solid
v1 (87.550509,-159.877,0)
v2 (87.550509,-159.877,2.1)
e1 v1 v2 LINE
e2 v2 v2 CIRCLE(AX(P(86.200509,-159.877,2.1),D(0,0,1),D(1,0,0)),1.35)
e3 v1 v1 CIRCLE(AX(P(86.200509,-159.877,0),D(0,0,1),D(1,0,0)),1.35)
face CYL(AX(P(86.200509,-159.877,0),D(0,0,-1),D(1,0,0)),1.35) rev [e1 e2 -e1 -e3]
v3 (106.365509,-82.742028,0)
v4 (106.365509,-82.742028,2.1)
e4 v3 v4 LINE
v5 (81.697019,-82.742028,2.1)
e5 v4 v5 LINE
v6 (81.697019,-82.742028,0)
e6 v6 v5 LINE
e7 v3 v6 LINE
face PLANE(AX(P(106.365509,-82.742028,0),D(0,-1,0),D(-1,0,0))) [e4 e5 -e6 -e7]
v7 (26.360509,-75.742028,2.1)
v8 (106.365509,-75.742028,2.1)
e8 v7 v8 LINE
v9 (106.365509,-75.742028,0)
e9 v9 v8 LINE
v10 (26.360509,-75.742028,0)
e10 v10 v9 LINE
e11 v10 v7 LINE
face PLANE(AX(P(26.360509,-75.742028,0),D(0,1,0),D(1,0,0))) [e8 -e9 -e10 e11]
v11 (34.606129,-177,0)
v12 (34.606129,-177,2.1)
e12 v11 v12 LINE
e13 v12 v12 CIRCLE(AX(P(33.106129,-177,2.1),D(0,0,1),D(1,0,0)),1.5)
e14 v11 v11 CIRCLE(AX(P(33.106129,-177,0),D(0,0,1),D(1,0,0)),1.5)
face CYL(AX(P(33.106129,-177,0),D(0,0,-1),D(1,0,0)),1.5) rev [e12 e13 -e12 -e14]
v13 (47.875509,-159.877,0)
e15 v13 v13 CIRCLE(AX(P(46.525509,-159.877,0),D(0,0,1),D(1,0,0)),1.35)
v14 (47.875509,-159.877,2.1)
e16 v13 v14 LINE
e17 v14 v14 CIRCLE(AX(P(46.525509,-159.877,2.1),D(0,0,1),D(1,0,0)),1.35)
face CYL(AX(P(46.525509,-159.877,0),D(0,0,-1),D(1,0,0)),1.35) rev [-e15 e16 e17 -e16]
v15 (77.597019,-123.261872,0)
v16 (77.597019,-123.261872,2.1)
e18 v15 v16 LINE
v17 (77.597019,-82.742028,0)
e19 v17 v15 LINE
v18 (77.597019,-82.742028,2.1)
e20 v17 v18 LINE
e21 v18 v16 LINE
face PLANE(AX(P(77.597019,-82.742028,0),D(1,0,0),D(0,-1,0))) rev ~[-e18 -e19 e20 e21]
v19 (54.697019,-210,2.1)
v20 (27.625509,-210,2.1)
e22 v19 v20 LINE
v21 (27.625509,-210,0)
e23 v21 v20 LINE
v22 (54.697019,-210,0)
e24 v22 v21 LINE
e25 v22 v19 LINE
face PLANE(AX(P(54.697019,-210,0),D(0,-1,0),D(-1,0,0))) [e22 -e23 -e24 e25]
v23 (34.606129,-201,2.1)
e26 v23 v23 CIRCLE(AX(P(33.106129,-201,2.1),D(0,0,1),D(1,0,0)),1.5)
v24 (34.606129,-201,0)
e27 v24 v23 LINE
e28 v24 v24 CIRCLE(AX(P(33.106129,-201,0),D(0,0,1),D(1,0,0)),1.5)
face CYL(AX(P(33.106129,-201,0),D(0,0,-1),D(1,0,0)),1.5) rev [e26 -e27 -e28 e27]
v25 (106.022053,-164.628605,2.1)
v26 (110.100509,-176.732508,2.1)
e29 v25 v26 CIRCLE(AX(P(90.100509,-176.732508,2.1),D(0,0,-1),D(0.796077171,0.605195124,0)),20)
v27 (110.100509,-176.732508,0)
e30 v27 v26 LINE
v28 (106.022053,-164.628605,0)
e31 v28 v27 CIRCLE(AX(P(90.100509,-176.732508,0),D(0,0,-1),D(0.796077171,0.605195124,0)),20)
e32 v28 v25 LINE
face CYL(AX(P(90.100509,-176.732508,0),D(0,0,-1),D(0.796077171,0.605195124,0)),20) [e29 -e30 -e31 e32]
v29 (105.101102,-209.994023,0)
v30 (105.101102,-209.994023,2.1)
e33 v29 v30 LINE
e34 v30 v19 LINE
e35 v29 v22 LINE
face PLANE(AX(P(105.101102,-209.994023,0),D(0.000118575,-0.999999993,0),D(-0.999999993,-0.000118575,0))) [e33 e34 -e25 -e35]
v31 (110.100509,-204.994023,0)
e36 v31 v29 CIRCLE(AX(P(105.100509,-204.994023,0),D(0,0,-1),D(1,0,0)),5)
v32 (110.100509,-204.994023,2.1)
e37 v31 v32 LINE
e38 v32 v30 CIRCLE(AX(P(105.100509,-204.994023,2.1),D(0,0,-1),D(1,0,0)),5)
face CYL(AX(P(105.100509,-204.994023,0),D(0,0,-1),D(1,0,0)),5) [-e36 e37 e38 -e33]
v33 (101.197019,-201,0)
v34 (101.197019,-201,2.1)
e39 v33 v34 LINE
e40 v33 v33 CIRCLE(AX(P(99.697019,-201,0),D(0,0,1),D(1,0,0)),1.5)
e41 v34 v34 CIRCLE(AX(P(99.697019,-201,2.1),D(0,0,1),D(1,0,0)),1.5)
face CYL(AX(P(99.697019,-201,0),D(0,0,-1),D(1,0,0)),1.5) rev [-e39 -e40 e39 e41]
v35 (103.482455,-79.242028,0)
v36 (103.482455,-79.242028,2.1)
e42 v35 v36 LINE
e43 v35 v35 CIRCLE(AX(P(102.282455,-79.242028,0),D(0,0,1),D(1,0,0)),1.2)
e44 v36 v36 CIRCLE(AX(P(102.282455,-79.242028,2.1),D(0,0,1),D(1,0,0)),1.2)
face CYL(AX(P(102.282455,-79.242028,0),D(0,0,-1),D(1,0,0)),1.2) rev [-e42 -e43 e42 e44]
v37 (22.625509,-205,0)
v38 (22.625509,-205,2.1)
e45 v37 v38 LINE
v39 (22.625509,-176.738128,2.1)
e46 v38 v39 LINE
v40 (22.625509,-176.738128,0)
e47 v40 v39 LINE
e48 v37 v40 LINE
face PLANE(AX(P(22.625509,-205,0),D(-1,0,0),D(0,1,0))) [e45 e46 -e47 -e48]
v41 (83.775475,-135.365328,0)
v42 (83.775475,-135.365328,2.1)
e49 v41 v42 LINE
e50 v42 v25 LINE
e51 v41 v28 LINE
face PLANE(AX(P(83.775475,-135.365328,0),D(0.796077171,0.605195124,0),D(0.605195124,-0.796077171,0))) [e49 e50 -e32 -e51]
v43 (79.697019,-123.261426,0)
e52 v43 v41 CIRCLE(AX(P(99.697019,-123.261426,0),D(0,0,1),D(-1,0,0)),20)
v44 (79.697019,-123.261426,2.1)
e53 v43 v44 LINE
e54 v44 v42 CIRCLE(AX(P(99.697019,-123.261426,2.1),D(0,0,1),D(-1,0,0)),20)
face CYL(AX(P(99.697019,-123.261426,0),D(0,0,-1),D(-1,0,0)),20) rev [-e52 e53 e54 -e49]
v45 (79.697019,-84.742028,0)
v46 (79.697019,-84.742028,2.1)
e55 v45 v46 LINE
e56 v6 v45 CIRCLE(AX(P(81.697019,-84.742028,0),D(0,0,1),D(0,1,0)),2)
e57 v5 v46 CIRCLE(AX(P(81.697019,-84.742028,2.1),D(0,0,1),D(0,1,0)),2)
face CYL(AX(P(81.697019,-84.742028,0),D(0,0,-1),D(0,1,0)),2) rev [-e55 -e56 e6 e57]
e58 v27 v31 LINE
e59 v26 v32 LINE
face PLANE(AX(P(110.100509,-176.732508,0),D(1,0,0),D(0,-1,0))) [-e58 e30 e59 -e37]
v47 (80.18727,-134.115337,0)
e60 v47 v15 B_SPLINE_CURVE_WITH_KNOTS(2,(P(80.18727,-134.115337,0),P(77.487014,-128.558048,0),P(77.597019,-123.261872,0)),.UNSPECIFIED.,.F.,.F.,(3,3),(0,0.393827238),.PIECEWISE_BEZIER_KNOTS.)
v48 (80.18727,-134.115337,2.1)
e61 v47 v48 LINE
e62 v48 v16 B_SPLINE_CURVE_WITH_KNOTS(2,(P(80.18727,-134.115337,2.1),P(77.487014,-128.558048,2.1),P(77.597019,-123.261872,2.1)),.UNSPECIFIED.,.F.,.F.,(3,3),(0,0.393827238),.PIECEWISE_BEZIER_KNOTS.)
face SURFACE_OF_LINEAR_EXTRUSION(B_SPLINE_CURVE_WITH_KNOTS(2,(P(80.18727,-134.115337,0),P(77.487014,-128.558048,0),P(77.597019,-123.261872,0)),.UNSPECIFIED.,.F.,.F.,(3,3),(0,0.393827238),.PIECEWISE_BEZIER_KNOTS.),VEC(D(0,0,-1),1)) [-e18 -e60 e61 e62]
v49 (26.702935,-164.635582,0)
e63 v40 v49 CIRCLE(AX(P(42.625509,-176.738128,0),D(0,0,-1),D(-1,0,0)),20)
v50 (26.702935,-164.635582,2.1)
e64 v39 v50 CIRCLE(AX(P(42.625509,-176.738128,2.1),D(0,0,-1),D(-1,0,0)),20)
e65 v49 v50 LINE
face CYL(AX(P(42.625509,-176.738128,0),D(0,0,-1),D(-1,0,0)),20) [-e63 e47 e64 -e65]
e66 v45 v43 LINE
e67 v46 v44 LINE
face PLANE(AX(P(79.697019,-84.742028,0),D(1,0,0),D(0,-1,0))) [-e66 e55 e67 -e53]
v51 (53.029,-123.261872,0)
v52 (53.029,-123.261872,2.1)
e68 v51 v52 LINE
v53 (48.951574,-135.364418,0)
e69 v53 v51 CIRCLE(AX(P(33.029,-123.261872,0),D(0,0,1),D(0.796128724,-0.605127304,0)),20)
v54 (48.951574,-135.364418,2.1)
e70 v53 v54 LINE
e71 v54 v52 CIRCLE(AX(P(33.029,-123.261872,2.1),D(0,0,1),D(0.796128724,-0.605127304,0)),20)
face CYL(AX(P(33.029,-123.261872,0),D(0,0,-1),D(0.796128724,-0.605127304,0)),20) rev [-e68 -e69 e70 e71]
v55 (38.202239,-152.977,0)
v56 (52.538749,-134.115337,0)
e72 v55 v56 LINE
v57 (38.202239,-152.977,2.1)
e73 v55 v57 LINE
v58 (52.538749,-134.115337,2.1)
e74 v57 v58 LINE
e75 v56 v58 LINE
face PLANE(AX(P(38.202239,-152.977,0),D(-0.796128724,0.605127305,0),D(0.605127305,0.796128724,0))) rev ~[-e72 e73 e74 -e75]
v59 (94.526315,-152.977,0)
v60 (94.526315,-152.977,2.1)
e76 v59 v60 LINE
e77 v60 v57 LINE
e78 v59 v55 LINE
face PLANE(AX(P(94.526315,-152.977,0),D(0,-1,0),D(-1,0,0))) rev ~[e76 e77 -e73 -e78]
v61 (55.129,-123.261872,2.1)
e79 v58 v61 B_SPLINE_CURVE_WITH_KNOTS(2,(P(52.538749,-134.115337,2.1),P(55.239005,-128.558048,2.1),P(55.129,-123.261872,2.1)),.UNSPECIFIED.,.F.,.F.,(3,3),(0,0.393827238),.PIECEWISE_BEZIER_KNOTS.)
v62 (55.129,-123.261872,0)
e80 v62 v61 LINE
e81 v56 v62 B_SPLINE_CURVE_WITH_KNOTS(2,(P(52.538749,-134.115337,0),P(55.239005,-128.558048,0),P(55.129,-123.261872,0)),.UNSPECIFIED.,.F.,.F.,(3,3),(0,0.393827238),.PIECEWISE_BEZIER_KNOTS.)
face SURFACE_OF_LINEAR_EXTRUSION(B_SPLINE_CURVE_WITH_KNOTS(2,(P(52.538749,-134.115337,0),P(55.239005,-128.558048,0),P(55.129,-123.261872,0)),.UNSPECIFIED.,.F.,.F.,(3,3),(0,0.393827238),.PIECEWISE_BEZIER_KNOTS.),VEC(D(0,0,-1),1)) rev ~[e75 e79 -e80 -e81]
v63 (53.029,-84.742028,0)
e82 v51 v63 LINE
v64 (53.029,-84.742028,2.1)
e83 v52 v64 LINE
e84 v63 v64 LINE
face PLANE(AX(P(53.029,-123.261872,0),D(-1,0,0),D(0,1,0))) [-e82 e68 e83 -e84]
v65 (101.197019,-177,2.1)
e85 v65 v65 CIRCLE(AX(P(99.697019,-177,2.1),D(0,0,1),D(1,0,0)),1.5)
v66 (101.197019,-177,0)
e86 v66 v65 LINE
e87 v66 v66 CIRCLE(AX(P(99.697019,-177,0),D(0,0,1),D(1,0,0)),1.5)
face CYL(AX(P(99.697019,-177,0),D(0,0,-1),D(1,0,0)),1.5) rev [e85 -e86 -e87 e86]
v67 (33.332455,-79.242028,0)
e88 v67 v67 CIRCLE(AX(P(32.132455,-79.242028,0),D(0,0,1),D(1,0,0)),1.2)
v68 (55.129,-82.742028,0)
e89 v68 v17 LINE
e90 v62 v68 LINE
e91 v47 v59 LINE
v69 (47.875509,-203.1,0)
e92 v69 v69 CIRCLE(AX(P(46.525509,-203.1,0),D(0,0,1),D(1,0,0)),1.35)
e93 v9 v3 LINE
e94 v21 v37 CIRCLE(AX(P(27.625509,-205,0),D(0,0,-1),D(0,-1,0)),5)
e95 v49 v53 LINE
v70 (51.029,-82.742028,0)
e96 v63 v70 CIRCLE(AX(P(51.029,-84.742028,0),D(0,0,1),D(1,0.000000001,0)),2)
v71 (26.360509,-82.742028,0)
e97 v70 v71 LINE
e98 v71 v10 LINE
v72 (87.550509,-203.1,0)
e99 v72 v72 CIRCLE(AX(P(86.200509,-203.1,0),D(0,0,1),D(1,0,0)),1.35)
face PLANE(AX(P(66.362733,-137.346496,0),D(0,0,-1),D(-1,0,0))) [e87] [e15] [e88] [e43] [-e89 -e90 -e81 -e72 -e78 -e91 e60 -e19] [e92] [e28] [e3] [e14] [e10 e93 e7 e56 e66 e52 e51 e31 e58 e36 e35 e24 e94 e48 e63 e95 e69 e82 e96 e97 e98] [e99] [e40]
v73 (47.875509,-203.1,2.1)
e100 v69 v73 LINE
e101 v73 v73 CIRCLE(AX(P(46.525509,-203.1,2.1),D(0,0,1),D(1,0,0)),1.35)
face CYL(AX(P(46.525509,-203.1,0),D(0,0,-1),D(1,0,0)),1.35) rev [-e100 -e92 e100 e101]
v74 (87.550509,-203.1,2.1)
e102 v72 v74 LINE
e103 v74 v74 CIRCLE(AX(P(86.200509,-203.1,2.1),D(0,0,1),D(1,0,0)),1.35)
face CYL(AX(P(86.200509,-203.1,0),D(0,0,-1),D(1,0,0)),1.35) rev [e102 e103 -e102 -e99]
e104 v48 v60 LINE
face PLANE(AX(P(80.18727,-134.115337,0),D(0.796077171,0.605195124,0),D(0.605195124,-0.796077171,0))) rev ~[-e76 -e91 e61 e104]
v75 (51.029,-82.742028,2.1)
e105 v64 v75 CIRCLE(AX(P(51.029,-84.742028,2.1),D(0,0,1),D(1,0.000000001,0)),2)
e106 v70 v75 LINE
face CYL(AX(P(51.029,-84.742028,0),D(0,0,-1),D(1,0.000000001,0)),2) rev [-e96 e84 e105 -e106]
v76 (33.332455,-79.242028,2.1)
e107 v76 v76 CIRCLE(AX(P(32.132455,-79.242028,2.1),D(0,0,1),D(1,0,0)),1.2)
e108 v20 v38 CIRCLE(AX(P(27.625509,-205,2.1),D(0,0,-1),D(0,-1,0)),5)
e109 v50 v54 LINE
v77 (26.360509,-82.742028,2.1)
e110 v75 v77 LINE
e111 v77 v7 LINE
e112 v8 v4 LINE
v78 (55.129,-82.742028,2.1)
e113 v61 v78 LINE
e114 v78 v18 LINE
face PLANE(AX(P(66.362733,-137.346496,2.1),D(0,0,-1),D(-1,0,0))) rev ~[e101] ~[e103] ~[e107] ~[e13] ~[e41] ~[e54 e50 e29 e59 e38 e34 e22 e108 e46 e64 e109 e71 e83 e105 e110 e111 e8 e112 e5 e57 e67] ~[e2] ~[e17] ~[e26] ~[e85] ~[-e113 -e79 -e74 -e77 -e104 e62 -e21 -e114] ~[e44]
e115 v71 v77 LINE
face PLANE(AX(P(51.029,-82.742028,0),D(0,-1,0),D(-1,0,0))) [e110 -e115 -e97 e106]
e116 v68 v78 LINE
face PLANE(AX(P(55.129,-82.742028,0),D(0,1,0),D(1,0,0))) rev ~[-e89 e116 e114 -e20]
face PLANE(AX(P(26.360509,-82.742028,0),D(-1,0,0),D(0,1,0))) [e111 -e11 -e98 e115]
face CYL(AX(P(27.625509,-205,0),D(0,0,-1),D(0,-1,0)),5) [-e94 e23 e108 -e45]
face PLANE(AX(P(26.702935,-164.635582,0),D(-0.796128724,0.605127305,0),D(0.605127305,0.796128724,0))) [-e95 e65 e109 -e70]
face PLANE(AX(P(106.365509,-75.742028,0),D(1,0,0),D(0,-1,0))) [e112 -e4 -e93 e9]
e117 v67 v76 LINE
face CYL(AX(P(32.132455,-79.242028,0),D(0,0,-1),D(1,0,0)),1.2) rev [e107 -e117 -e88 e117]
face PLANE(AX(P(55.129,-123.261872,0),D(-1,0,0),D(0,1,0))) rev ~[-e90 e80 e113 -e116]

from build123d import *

# Parameters (mm, degrees)
SKETCH2_R           = 1.35
SKETCH2_R_2         = 1.5
SKETCH2_R_3         = 1.2
BOSS_EXTRUDE1_DEPTH = 2.1


with BuildPart() as part:
    # Sketch2 → Boss-Extrude1 (new body)
    with BuildSketch(Plane.XY):
        with BuildLine():
            Line((26.360509399, -75.742028439), (106.365509399, -75.742028439))
            Line((106.365509399, -75.742028439), (106.365509399, -82.742028439))
            Line((106.365509399, -82.742028439), (96.904474191, -82.742028439))
            Line((96.904474191, -82.742028439), (81.697018799, -82.742028439))
            ThreePointArc((81.697018799, -82.742028439), (80.282805236, -83.327814877), (79.697018799, -84.742028439))
            Line((79.697018799, -84.742028439), (79.697018799, -123.261425865))
            ThreePointArc((79.697018799, -123.261425865), (80.744039239, -129.647705362), (83.77547538, -135.365328342))
            Line((83.77547538, -135.365328342), (106.022052818, -164.628605146))
            ThreePointArc((106.022052818, -164.628605146), (109.053488959, -170.346228126), (110.100509399, -176.732507623))
            Line((110.100509399, -176.732507623), (110.100509399, -204.994023391))
            ThreePointArc((110.100509399, -204.994023391), (108.636252911, -208.529347679), (105.101102272, -209.994023356))
            Line((105.101102272, -209.994023356), (54.697018799, -210))
            Line((54.697018799, -210), (25.307981201, -210))
            Line((25.307981201, -210), (27.625509399, -210))
            ThreePointArc((27.625509399, -210), (24.089975493, -208.535533906), (22.625509399, -205))
            Line((22.625509399, -205), (22.625509399, -176.738128469))
            ThreePointArc((22.625509399, -176.738128469), (23.672257836, -170.352656272), (26.702934917, -164.635582379))
            Line((26.702934917, -164.635582379), (48.951574482, -135.364417621))
            ThreePointArc((48.951574482, -135.364417621), (51.982251563, -129.647343728), (53.029, -123.261871531))
            Line((53.029, -123.261871531), (53.029, -84.742028439))
            ThreePointArc((53.029, -84.742028439), (52.443213562, -83.327814877), (51.029, -82.742028439))
            Line((51.029, -82.742028439), (37.207455392, -82.742028439))
            Line((37.207455392, -82.742028439), (26.360509399, -82.742028439))
            Line((26.360509399, -82.742028439), (26.360509399, -75.742028439))
        make_face()
        with Locations((46.525509399, -159.877)):
            Circle(SKETCH2_R, mode=Mode.SUBTRACT)
        with Locations((46.525509399, -203.1)):
            Circle(SKETCH2_R, mode=Mode.SUBTRACT)
        with Locations((86.200509399, -203.1)):
            Circle(SKETCH2_R, mode=Mode.SUBTRACT)
        with Locations((86.200509399, -159.877)):
            Circle(SKETCH2_R, mode=Mode.SUBTRACT)
        with Locations((33.106129256, -201)):
            Circle(SKETCH2_R_2, mode=Mode.SUBTRACT)
        with Locations((33.106129256, -177)):
            Circle(SKETCH2_R_2, mode=Mode.SUBTRACT)
        with Locations((99.697018799, -177)):
            Circle(SKETCH2_R_2, mode=Mode.SUBTRACT)
        with Locations((99.697018799, -201)):
            Circle(SKETCH2_R_2, mode=Mode.SUBTRACT)
        with Locations((32.132455392, -79.242028439)):
            Circle(SKETCH2_R_3, mode=Mode.SUBTRACT)
        with Locations((102.282455392, -79.242028439)):
            Circle(SKETCH2_R_3, mode=Mode.SUBTRACT)
        with BuildLine():
            Line((55.129, -82.742028439), (77.597018799, -82.742028439))
            Line((77.597018799, -82.742028439), (77.597018799, -123.261871531))
            add(Edge.make_bspline(
                [(80.187269615, -134.115336952), (77.487014109, -128.558048488), (77.597018799, -123.261871531)],
                knots=[0, 0, 0, 0.393827238, 0.393827238, 0.393827238], degree=2))
            Line((80.187269615, -134.115336952), (94.526314775, -152.977))
            Line((94.526314775, -152.977), (38.202239304, -152.977))
            Line((38.202239304, -152.977), (52.538749184, -134.115336952))
            add(Edge.make_bspline(
                [(52.538749184, -134.115336952), (55.239004689, -128.558048488), (55.129, -123.261871531)],
                knots=[0, 0, 0, 0.393827238, 0.393827238, 0.393827238], degree=2))
            Line((55.129, -123.261871531), (55.129, -82.742028439))
        make_face(mode=Mode.SUBTRACT)
    extrude(amount=BOSS_EXTRUDE1_DEPTH)


solid = part.part
